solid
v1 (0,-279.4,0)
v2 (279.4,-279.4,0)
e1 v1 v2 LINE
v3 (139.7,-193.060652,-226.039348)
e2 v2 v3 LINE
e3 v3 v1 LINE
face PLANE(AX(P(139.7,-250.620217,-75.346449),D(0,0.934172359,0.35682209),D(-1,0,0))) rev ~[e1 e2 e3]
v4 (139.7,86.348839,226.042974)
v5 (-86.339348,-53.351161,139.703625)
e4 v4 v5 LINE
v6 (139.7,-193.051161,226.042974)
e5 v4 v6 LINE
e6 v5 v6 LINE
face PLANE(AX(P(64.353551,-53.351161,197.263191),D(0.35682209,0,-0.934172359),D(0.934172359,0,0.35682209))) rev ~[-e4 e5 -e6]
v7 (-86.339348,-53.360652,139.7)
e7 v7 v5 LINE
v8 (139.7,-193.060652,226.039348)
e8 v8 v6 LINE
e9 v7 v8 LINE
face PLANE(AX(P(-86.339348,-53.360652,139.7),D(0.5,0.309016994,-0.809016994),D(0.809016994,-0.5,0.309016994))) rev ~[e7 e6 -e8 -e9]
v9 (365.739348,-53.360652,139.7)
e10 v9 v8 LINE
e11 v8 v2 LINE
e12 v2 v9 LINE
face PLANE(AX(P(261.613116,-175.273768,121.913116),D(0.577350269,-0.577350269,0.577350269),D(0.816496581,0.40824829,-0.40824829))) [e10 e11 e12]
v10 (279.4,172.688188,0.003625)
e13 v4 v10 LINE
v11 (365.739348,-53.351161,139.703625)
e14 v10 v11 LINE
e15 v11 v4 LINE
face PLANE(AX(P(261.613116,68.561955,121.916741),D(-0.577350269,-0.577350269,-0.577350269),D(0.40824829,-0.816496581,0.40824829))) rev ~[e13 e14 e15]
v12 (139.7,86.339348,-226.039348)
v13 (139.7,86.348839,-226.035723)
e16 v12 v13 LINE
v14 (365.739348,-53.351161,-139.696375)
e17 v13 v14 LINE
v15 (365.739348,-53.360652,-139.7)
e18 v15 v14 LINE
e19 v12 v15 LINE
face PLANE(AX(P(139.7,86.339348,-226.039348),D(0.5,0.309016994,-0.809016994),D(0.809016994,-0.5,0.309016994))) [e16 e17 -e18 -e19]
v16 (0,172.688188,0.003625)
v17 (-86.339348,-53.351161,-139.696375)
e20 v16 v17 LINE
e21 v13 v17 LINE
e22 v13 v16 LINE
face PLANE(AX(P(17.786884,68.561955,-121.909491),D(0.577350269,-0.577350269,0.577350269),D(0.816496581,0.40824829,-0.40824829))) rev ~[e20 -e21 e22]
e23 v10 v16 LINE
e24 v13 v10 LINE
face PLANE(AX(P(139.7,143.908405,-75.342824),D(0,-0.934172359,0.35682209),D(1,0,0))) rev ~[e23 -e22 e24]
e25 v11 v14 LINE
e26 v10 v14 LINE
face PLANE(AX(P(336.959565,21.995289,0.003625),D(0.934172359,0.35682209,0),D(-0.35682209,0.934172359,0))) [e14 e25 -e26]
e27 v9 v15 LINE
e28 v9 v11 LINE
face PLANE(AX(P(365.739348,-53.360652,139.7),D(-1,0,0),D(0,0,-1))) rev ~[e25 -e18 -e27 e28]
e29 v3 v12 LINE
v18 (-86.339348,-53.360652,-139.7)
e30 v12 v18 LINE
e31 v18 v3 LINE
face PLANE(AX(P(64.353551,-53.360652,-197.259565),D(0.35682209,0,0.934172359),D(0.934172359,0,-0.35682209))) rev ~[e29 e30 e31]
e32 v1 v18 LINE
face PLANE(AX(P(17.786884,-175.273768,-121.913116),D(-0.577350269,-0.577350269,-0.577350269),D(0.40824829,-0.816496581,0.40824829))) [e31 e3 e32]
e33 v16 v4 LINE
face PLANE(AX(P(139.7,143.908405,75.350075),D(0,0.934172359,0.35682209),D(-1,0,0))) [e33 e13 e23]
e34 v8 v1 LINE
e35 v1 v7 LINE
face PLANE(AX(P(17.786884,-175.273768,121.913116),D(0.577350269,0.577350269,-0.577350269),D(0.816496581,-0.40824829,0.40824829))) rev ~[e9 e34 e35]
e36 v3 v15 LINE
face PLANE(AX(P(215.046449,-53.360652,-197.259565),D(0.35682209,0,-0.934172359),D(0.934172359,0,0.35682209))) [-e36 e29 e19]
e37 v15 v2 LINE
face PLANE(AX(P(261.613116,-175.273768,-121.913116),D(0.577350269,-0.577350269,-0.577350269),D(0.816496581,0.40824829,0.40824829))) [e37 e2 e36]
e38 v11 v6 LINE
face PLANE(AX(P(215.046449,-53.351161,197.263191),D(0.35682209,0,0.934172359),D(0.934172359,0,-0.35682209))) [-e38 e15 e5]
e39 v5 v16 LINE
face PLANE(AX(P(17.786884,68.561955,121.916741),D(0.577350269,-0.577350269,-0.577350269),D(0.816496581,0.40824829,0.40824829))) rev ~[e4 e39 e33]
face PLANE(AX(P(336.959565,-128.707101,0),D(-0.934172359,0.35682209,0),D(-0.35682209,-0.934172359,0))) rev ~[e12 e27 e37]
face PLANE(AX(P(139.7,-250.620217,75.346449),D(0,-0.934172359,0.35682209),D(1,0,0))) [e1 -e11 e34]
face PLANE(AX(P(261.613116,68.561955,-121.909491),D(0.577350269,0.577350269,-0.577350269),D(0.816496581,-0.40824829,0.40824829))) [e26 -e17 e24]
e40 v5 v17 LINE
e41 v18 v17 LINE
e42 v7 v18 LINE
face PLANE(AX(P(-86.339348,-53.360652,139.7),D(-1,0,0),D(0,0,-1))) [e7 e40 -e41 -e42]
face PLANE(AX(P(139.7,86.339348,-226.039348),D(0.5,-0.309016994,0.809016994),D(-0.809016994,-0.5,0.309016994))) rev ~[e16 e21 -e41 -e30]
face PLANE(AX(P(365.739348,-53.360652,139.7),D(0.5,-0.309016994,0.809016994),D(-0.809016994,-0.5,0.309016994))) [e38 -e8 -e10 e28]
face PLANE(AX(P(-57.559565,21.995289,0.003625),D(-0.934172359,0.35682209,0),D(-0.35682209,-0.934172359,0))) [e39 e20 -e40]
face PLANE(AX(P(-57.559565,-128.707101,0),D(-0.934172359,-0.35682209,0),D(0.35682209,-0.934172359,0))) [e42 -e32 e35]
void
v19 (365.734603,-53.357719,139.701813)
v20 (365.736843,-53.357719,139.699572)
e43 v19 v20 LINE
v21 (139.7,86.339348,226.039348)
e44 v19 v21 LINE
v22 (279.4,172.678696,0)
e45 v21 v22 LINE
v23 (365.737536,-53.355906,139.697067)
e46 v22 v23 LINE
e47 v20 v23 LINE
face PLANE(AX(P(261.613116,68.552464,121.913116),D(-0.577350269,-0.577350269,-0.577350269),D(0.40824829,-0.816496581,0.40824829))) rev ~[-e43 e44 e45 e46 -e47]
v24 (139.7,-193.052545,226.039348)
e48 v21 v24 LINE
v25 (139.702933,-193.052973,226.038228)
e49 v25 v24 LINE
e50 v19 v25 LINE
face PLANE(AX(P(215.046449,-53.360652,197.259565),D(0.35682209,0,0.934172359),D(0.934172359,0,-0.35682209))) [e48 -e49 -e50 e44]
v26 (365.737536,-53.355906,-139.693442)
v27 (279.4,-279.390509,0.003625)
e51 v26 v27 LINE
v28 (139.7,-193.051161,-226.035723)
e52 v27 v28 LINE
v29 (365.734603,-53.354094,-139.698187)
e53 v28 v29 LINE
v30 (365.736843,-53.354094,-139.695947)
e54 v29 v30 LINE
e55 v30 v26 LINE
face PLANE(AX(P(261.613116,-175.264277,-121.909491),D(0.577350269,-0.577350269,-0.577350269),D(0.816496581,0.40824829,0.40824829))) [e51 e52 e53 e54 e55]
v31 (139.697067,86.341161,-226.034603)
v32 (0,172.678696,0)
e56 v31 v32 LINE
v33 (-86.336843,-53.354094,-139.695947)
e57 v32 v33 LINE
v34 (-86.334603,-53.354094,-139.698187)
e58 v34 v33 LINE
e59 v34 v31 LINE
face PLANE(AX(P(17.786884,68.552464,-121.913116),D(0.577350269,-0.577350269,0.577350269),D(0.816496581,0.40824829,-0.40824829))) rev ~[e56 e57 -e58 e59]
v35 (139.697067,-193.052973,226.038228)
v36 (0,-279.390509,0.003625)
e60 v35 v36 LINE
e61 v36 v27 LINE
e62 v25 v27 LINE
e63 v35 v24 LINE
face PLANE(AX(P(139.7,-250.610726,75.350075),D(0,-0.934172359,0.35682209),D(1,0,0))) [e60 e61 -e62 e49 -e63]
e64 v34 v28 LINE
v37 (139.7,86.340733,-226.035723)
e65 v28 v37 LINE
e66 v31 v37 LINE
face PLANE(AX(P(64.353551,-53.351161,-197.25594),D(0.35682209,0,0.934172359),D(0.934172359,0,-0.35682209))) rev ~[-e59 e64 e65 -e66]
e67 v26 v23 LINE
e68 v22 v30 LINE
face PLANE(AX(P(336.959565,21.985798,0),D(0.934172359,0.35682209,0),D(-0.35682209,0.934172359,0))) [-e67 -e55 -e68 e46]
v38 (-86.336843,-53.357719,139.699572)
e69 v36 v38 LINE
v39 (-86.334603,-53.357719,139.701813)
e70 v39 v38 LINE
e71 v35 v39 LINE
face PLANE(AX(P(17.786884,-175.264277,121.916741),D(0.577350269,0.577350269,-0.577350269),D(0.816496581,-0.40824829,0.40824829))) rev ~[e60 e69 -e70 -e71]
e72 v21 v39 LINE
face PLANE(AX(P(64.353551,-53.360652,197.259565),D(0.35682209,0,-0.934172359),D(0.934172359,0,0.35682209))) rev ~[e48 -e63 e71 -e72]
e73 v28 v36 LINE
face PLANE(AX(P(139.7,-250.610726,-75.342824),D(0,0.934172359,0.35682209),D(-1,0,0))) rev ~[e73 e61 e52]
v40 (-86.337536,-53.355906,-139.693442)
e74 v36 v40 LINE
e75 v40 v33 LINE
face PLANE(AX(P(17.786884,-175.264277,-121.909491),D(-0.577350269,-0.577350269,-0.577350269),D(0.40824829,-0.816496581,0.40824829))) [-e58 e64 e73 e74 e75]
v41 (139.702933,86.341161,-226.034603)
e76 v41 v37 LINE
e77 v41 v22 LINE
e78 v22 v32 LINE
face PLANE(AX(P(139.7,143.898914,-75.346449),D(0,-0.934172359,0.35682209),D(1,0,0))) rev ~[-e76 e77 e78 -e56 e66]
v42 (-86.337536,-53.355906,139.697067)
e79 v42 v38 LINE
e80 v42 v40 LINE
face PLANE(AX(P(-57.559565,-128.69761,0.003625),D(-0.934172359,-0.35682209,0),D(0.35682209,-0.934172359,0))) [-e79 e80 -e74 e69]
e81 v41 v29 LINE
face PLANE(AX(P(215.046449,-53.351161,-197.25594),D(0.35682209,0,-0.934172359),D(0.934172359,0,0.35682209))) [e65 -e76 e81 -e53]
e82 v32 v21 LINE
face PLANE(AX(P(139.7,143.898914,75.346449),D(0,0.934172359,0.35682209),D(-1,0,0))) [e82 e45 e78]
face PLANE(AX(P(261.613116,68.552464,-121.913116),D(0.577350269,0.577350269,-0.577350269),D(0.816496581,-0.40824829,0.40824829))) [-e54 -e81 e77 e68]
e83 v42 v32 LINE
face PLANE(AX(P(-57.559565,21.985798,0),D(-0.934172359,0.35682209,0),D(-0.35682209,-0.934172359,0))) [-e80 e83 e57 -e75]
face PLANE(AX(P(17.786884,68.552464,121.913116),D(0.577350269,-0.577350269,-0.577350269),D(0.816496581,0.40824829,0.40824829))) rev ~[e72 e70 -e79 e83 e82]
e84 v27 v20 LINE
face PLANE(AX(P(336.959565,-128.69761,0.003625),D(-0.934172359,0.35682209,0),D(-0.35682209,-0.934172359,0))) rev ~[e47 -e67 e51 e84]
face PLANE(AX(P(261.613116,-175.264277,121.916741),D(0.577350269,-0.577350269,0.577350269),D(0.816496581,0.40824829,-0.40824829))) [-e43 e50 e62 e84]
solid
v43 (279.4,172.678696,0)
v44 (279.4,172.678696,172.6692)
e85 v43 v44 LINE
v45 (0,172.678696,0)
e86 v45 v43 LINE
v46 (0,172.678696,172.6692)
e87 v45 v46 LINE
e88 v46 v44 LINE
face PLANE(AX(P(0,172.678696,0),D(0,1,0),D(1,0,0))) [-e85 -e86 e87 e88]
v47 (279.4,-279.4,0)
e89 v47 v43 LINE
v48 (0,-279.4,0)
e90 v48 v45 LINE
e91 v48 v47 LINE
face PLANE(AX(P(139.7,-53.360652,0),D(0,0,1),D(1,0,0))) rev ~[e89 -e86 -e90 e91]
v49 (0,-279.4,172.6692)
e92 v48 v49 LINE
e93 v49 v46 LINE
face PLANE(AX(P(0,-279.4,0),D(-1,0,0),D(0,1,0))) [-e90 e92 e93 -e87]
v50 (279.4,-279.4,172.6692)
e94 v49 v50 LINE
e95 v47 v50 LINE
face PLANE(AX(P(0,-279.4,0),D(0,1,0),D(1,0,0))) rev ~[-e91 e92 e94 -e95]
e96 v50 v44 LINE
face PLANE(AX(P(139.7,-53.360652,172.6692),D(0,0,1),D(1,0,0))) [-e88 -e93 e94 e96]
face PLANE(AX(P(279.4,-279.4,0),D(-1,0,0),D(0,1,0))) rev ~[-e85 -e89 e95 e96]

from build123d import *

# Parameters (mm, degrees)
F1_W      = 279.4
F1_H      = 452.0786964567
F2_DEPTH  = 172.6692
F47_DEPTH = 0.01016


with BuildPart() as f2:
    # F1 (on Top) → F2 (new body)
    with BuildSketch(Plane.XY):
        with Locations((139.7, -53.3606517716)):
            Rectangle(F1_W, F1_H)
    extrude(amount=F2_DEPTH)


with BuildPart() as f47:
    # F46 (on 3pt) + F14 (on 3pt) + F44 (on 3pt) + F42 (on 3pt) + F40 (on 3pt) + F12 (on 3pt) + F38 (on 3pt) + F36 (on 3pt) + F34 (on 3pt) + F32 (on 3pt) + F30 (on 3pt) + F28 (on 3pt) + F26 (on 3pt) + F24 (on 3pt) + F22 (on 3pt) + F20 (on 3pt) + F18 (on 3pt) + F16 (on 3pt) + F10 (on 3pt) + F8 (on 3pt) → F47 (new body)
    with BuildSketch(Plane(origin=(0, -243.8262321522, -93.1333333333), x_dir=(-1, 0, 0), z_dir=(0, 0.934172359, 0.3568220898))):
        Polygon((-139.7, -142.2714059348), (0, 99.6960918826), (-279.4, 99.6960918826), align=None)
    with BuildSketch(Plane(origin=(0, -243.8262321522, 93.1333333333), x_dir=(1, 0, 0), z_dir=(0, -0.934172359, 0.3568220898))):
        Polygon((139.7, 142.2714059348), (0, -99.6960918826), (279.4, -99.6960918826), align=None)
    with BuildSketch(Plane(origin=(-93.1333333333, -93.1333333333, -93.1333333333), x_dir=(0.4082482905, -0.8164965809, 0.4082482905), z_dir=(-0.5773502692, -0.5773502692, -0.5773502692))):
        Polygon((122.3854707692, -258.616773279), (228.1291447112, 0), (-48.7113877642, -37.7316787163), align=None)
    with BuildSketch(Plane(origin=(-93.1333333333, -35.5737678478, 0), x_dir=(0.3568220898, -0.934172359, 0), z_dir=(-0.934172359, -0.3568220898, 0))):
        Polygon((19.0402592768, 139.7), (19.0402592768, -139.7), (261.0077570942, 0), align=None)
    with BuildSketch(Plane(origin=(-93.1333333333, -93.1333333333, 93.1333333333), x_dir=(0.8164965809, -0.4082482905, 0.4082482905), z_dir=(0.5773502692, 0.5773502692, -0.5773502692))):
        Polygon((8.3208984136, -61.0511386155), (285.161430889, -23.3194598992), (114.0645723556, 197.5656346635), align=None)
    with BuildSketch(Plane(origin=(186.2666666667, -186.2666666667, -186.2666666667), x_dir=(0.8164965809, 0.4082482905, 0.4082482905), z_dir=(0.5773502692, -0.5773502692, -0.5773502692))):
        Polygon((219.8082462976, -61.0511386155), (114.0645723556, 197.5656346635), (-57.0322861778, -23.3194598992), align=None)
    with BuildSketch(Plane(origin=(93.1333333333, 0, -243.8262321522), x_dir=(0.934172359, 0, 0.3568220898), z_dir=(0.3568220898, 0, -0.934172359))):
        Polygon((291.8155437587, 53.3606517716), (49.8480459413, 193.0606517716), (49.8480459413, -86.3393482284), align=None)
    with BuildSketch(Plane(origin=(-57.5595654856, 0, -150.6928988189), x_dir=(0.934172359, 0, -0.3568220898), z_dir=(0.3568220898, 0, 0.934172359))):
        Polygon((211.1597111529, -193.0606517716), (211.1597111529, 86.3393482284), (-30.8077866645, -53.3606517716), align=None)
    with BuildSketch(Plane(origin=(-57.5595654856, 57.5595654856, -57.5595654856), x_dir=(0.8164965809, 0.4082482905, -0.4082482905), z_dir=(0.5773502692, -0.5773502692, 0.5773502692))):
        Polygon((241.5926411614, -98.7828173318), (70.495782628, 122.102277231), (-35.247891314, -136.514496048), align=None)
    with BuildSketch(Plane(origin=(-57.5595654856, 57.5595654856, 57.5595654856), x_dir=(0.8164965809, 0.4082482905, 0.4082482905), z_dir=(0.5773502692, -0.5773502692, -0.5773502692))):
        Polygon((241.5926411614, 98.7828173318), (-35.247891314, 136.514496048), (70.495782628, -122.102277231), align=None)
    with BuildSketch(Plane(origin=(0, 150.6928988189, -57.5595654856), x_dir=(1, 0, 0), z_dir=(0, -0.934172359, 0.3568220898))):
        Polygon((279.4, 61.615573329), (0, 61.615573329), (139.7, -180.3519244884), align=None)
    with BuildSketch(Plane(origin=(-57.5595654856, 21.9857976378, 0), x_dir=(-0.3568220898, -0.934172359, 0), z_dir=(-0.934172359, 0.3568220898, 0))):
        Polygon((80.6558326058, 139.7), (-161.3116652116, 0), (80.6558326058, -139.7), align=None)
    with BuildSketch(Plane(origin=(150.6928988189, 150.6928988189, -150.6928988189), x_dir=(0.8164965809, -0.4082482905, 0.4082482905), z_dir=(0.5773502692, 0.5773502692, -0.5773502692))):
        Polygon((-13.4634964502, 98.7828173318), (157.6333620832, -122.102277231), (263.3770360252, 136.514496048), align=None)
    with BuildSketch(Plane(origin=(-57.5595654856, 0, 150.6928988189), x_dir=(0.934172359, 0, 0.3568220898), z_dir=(0.3568220898, 0, -0.934172359))):
        Polygon((-30.8077866645, 53.3606517716), (211.1597111529, -86.3393482284), (211.1597111529, 193.0606517716), align=None)
    with BuildSketch(Plane(origin=(0, 150.6928988189, 57.5595654856), x_dir=(-1, 0, 0), z_dir=(0, 0.934172359, 0.3568220898))):
        Polygon((-279.4, -61.615573329), (0, -61.615573329), (-139.7, 180.3519244884), align=None)
    with BuildSketch(Plane(origin=(301.3857976378, 115.1191309711, 0), x_dir=(-0.3568220898, 0.934172359, 0), z_dir=(0.934172359, 0.3568220898, 0))):
        Polygon((61.615573329, 0), (-180.3519244884, 139.7), (-180.3519244884, -139.7), align=None)
    with BuildSketch(Plane(origin=(93.1333333333, 0, 243.8262321522), x_dir=(0.934172359, 0, -0.3568220898), z_dir=(0.3568220898, 0, 0.934172359))):
        Polygon((49.8480459413, 86.3393482284), (49.8480459413, -193.0606517716), (291.8155437587, -53.3606517716), align=None)
    with BuildSketch(Plane(origin=(150.6928988189, 150.6928988189, 150.6928988189), x_dir=(0.4082482905, -0.8164965809, 0.4082482905), z_dir=(-0.5773502692, -0.5773502692, -0.5773502692))):
        Polygon((249.913539575, -159.8339559473), (78.8166810416, 61.0511386155), (-26.9269929004, -197.5656346635), align=None)
    with BuildSketch(Plane(origin=(336.9595654856, -128.7071011811, 0), x_dir=(-0.3568220898, -0.934172359, 0), z_dir=(-0.934172359, 0.3568220898, 0))):
        Polygon((-80.6558326058, -139.7), (161.3116652116, 0), (-80.6558326058, 139.7), align=None)
    with BuildSketch(Plane(origin=(186.2666666667, -186.2666666667, 186.2666666667), x_dir=(0.8164965809, 0.4082482905, -0.4082482905), z_dir=(0.5773502692, -0.5773502692, 0.5773502692))):
        Polygon((219.8082462976, 61.0511386155), (-57.0322861778, 23.3194598992), (114.0645723556, -197.5656346635), align=None)
    extrude(amount=F47_DEPTH, dir=(0, 0.934172359, 0.3568220898))


solid = Compound([f2.part, f47.part])
